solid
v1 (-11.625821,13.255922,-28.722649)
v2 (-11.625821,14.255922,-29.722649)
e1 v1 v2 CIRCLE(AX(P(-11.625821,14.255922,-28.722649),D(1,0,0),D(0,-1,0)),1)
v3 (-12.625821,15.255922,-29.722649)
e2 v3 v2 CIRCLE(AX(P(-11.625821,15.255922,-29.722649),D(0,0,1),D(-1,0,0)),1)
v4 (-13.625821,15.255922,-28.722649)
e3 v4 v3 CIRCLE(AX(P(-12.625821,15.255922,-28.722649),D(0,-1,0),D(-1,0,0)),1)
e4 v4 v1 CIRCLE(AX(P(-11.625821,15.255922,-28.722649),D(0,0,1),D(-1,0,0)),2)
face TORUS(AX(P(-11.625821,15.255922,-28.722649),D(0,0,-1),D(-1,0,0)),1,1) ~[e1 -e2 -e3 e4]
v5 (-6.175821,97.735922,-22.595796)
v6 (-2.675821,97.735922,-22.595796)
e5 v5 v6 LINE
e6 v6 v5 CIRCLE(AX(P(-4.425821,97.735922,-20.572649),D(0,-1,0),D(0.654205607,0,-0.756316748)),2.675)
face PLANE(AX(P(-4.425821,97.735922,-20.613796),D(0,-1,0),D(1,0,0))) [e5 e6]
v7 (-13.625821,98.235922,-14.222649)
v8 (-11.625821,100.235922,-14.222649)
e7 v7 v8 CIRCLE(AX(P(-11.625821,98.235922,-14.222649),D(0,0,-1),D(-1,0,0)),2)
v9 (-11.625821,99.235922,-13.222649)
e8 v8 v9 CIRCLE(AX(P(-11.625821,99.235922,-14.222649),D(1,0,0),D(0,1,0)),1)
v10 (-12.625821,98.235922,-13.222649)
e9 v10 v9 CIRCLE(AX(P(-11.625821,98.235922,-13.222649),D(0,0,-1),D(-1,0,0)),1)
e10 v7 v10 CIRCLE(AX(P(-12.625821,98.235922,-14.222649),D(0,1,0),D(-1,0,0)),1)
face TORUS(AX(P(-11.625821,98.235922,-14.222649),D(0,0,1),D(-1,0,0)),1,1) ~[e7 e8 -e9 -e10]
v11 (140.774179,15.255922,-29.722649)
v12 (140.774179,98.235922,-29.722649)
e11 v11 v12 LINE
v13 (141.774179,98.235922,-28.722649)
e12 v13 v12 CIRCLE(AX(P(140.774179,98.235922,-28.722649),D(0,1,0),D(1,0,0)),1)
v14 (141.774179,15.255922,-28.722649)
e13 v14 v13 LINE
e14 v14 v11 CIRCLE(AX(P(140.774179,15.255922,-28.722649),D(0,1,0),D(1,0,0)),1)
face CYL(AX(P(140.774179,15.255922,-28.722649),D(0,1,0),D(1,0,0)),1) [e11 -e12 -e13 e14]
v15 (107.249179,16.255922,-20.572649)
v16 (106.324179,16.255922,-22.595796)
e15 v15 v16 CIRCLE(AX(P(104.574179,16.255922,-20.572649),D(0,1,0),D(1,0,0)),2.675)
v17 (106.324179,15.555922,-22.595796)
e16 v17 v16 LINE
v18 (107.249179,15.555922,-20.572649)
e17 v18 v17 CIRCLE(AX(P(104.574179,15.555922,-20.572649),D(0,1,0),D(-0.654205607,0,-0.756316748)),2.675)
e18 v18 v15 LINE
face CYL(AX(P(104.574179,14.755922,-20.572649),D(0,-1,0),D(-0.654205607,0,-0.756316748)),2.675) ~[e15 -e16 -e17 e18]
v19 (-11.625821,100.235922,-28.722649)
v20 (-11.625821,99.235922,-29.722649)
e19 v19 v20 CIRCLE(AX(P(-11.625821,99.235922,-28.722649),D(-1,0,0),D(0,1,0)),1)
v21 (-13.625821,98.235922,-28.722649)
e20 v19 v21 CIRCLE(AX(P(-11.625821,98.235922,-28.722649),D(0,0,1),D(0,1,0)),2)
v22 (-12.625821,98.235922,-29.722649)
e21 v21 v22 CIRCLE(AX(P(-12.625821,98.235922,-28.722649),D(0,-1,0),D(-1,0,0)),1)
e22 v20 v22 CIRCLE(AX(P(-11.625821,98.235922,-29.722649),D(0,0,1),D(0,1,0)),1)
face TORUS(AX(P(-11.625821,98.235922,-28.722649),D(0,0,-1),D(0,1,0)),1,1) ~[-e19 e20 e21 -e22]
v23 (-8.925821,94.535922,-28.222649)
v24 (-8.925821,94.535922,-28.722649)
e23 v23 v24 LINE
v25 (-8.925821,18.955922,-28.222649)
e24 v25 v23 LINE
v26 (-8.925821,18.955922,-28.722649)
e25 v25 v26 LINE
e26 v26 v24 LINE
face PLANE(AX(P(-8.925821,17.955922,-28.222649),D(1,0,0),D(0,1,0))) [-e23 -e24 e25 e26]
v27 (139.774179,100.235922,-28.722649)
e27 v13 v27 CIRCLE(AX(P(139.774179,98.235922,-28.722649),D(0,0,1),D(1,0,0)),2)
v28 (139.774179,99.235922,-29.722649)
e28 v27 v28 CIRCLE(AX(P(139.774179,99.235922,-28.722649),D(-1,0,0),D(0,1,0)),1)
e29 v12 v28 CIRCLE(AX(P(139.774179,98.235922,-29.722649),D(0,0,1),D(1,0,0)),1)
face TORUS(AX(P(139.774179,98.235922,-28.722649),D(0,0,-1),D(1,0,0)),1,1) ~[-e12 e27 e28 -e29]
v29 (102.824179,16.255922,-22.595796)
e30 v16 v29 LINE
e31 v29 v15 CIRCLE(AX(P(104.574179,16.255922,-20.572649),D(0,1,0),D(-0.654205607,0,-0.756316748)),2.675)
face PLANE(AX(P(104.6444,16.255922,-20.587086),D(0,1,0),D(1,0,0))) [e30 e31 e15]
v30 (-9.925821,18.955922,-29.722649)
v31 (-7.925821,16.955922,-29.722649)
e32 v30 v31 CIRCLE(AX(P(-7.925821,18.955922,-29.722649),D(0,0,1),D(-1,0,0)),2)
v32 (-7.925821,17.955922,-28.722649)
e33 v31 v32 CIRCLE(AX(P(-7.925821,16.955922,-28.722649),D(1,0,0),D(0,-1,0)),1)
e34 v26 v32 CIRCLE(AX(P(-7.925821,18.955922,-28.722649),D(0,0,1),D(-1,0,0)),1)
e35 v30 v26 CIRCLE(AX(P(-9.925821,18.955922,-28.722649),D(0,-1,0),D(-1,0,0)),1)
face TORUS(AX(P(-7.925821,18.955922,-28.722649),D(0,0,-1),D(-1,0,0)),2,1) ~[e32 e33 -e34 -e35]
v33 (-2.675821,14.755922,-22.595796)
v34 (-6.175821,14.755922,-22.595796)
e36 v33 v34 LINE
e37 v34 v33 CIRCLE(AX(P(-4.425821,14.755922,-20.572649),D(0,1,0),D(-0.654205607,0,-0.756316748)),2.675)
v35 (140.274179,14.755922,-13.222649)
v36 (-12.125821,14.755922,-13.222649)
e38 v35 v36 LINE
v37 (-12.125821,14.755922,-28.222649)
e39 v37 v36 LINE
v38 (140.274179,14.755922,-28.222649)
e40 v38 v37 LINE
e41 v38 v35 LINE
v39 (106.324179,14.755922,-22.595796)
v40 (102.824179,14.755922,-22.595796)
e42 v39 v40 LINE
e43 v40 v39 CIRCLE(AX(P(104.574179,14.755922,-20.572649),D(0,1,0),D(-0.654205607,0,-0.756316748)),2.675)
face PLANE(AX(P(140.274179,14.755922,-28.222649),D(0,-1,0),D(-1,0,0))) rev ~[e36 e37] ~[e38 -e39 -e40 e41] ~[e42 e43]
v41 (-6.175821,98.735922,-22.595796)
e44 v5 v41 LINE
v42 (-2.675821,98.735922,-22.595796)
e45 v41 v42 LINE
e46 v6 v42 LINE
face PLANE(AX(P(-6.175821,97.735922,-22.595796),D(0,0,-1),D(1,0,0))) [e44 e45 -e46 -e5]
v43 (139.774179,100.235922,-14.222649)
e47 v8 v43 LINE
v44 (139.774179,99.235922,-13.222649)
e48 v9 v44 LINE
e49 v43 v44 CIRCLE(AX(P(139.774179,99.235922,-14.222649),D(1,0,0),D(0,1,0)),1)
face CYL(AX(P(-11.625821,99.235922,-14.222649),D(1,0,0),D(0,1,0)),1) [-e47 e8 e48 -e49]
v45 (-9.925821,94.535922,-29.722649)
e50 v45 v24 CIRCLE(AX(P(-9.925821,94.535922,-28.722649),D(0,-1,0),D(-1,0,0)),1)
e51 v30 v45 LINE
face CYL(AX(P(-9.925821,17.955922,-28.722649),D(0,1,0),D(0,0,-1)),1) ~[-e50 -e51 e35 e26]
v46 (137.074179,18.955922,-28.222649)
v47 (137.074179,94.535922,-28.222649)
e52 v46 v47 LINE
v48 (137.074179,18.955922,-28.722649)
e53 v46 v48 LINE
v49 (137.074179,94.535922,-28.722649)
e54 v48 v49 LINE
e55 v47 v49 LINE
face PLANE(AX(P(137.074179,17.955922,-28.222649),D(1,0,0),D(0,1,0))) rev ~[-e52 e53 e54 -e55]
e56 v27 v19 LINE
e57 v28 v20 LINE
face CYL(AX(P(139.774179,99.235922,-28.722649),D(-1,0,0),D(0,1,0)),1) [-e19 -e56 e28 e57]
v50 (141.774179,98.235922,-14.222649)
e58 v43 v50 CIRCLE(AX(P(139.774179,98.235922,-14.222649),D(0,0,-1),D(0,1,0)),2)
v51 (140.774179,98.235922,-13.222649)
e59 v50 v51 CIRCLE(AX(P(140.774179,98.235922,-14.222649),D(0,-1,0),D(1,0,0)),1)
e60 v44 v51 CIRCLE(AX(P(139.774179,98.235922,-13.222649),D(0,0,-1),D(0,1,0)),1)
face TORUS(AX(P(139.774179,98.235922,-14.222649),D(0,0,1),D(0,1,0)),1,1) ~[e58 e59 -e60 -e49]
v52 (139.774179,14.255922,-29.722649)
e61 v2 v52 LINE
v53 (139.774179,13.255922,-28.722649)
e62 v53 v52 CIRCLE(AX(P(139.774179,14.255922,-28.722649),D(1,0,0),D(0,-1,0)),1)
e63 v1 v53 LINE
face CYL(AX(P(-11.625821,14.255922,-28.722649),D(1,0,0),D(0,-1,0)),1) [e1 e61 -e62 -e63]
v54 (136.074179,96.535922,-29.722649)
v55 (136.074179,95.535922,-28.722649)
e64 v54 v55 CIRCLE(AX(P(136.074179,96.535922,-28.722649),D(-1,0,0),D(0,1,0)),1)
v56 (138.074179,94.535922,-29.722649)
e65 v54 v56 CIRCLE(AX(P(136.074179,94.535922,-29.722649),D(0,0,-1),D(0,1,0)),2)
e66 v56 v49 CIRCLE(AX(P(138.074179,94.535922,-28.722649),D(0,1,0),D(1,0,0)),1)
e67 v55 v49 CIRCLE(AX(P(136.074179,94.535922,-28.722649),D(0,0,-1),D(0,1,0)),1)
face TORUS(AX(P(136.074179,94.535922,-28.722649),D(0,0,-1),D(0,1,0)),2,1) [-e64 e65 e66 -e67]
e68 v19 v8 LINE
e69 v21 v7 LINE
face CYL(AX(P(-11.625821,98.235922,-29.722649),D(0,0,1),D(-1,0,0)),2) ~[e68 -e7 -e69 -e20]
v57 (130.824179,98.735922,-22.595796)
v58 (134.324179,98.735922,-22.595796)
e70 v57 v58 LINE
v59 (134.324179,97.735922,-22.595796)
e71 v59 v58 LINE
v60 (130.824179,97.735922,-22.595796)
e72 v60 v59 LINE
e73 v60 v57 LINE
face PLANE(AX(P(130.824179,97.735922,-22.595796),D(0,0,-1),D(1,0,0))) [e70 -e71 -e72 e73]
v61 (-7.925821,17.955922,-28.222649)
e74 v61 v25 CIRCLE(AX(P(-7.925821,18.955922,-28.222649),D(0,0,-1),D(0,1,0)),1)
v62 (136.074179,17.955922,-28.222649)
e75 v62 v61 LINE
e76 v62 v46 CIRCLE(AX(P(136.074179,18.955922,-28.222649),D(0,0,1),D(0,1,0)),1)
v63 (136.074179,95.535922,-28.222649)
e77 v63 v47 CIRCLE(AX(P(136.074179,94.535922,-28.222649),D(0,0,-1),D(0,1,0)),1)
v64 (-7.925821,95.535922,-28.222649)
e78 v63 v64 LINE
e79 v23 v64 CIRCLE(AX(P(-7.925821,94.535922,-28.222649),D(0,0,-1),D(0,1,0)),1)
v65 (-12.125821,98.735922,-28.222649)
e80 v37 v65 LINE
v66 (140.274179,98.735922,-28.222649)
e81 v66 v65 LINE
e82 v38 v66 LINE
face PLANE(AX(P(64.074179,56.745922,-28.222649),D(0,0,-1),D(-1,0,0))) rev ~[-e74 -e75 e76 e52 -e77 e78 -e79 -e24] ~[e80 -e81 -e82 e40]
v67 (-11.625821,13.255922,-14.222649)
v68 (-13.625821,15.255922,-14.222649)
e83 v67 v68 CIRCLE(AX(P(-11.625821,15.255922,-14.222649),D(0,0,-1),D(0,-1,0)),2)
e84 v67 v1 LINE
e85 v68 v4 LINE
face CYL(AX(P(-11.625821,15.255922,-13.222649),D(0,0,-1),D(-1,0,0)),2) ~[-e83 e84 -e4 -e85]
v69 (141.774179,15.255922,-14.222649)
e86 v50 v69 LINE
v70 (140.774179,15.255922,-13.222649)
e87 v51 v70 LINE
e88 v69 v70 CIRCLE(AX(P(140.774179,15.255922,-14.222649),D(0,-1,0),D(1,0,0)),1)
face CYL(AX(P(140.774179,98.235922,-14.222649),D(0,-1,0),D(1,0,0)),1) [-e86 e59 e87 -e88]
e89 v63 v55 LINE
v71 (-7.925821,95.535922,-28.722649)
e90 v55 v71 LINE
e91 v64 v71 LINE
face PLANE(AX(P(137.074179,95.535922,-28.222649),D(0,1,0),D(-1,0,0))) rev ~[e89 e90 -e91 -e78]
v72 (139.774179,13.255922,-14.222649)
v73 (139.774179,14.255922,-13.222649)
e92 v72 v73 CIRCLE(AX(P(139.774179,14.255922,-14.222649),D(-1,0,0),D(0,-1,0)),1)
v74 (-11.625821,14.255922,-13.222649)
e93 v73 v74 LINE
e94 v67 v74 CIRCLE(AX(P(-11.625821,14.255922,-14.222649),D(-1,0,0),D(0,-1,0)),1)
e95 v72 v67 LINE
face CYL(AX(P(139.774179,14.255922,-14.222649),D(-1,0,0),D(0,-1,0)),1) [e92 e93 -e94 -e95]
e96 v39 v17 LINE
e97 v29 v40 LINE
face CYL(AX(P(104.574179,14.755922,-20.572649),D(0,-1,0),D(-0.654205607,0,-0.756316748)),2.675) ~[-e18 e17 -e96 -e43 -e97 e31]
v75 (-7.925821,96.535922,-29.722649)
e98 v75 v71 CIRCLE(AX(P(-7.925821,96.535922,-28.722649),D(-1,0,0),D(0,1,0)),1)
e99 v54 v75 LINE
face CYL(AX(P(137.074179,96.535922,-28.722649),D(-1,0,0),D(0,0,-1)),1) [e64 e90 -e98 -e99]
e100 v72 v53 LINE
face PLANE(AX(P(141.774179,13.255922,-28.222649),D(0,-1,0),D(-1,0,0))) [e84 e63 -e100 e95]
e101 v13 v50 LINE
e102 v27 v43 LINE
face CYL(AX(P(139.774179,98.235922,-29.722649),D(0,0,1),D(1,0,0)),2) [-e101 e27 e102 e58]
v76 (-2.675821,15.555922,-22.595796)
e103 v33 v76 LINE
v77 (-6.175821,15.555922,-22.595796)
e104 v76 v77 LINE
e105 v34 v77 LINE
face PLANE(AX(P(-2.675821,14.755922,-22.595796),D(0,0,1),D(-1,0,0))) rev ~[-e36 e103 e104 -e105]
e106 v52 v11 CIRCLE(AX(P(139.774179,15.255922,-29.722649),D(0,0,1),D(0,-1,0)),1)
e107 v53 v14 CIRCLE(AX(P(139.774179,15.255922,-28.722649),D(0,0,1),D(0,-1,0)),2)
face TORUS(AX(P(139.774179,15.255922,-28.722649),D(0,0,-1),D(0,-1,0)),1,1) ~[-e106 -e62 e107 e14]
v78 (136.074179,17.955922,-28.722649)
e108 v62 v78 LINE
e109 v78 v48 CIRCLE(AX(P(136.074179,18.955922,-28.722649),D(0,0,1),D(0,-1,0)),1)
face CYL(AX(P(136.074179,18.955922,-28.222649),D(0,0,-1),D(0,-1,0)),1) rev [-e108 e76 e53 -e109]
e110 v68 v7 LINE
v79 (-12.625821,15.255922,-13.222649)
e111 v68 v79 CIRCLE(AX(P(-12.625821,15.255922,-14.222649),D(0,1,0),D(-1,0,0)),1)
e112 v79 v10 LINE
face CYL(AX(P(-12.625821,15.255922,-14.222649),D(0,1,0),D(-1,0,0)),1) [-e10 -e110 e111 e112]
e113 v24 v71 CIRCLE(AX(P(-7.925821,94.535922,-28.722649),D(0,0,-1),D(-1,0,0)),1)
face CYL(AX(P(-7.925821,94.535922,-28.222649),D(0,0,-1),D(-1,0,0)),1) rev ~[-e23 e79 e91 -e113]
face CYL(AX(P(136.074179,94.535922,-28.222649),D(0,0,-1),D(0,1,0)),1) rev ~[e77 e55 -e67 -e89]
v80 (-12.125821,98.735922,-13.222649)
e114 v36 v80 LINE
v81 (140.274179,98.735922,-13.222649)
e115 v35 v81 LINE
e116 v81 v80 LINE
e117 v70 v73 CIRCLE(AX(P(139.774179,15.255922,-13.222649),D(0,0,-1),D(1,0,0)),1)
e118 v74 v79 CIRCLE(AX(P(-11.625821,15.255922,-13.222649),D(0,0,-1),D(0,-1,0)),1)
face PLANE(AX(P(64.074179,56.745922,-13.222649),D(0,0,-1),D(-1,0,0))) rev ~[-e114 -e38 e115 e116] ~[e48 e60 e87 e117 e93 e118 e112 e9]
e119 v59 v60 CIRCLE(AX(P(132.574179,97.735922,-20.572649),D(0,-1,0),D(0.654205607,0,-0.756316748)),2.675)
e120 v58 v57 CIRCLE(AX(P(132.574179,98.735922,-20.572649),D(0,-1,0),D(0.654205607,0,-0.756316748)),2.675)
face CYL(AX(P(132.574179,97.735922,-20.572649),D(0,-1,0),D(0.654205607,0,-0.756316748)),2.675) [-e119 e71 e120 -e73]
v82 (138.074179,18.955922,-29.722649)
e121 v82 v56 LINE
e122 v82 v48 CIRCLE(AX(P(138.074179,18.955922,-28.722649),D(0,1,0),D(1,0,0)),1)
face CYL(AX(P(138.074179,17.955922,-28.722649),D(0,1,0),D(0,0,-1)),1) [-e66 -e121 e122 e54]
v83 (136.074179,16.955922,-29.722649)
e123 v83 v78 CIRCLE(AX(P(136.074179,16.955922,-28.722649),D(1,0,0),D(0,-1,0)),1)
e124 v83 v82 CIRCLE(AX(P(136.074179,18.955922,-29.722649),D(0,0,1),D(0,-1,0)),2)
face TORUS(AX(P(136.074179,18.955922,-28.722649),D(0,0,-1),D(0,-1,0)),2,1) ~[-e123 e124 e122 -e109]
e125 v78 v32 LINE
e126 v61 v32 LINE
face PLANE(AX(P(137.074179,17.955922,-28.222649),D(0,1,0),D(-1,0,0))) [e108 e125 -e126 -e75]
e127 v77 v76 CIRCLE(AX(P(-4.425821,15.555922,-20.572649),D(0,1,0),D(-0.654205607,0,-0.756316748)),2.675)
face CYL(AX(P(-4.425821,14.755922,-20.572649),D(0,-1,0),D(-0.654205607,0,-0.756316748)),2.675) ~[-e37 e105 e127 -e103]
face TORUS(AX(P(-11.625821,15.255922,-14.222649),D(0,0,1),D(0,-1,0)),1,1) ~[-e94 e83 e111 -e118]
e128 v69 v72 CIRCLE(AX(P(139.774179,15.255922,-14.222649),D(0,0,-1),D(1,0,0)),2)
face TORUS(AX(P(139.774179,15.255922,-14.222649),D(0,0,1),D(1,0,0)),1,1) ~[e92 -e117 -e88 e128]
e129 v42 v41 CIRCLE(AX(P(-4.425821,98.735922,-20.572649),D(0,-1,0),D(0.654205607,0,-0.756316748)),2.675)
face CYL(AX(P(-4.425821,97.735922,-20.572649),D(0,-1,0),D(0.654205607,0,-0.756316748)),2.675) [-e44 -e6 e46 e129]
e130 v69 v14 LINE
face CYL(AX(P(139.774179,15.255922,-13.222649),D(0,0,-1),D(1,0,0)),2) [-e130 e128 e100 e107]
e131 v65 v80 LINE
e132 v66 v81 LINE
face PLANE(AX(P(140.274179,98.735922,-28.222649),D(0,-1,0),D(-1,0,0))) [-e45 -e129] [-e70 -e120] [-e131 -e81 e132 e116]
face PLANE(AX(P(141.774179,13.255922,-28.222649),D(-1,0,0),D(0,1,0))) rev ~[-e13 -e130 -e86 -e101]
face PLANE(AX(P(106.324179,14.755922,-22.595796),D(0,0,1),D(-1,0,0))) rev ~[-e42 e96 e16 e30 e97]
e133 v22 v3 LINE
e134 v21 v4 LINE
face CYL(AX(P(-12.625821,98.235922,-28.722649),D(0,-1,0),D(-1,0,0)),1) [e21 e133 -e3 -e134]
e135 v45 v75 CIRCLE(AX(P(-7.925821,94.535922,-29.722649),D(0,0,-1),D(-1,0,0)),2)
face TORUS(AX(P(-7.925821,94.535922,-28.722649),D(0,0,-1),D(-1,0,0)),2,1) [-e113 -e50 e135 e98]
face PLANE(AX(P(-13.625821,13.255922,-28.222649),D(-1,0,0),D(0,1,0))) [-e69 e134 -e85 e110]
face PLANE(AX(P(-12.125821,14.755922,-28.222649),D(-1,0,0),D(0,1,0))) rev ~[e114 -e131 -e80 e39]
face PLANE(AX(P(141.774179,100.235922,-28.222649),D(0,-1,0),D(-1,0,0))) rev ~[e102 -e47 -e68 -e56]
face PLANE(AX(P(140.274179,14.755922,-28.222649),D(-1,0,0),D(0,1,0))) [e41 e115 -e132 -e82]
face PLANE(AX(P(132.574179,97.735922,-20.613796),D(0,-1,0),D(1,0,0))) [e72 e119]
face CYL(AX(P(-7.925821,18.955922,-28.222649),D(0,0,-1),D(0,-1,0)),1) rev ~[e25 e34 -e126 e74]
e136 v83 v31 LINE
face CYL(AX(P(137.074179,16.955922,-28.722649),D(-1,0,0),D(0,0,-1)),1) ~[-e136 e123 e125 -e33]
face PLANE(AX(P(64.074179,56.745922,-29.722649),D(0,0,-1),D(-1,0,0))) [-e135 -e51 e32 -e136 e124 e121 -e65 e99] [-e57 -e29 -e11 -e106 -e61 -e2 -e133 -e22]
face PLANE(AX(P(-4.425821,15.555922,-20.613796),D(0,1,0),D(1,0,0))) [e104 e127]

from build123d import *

# Parameters (mm, degrees)
SKETCH1_W           = 155.4
SKETCH1_H           = 86.98
SKETCH1_W_2         = 146
SKETCH1_H_2         = 77.58
BOSS_EXTRUDE2_DEPTH = 1.5
SKETCH1_4_W         = 155.4
SKETCH1_4_H         = 86.98
SKETCH1_4_W_2       = 152.4
SKETCH1_4_H_2       = 83.98
BOSS_EXTRUDE3_DEPTH = 15
FILLET1_R           = 2
FILLET2_R           = 1
FILLET3_R           = 1
BOSS_EXTRUDE4_DEPTH = 0.8
BOSS_EXTRUDE5_START = 1
BOSS_EXTRUDE5_DEPTH = 1
BOSS_EXTRUDE6_DEPTH = 1.5


with BuildPart() as part:
    # Sketch1 → Boss-Extrude2 (new body)
    with BuildSketch(Plane(origin=(0, 0, -28.222648695), x_dir=(-1, 0, 0), z_dir=(0, 0, -1))):
        with Locations((-64.074179317, 56.745922466)):
            Rectangle(SKETCH1_W, SKETCH1_H)
        with Locations((-64.074179317, 56.745922466)):
            Rectangle(SKETCH1_W_2, SKETCH1_H_2, mode=Mode.SUBTRACT)
    extrude(amount=BOSS_EXTRUDE2_DEPTH)

    # Sketch1<4> → Boss-Extrude3 (add)
    with BuildSketch(Plane(origin=(0, 0, -28.222648695), x_dir=(-1, 0, 0), z_dir=(0, 0, -1))):
        with Locations((-64.074179317, 56.745922466)):
            Rectangle(SKETCH1_4_W, SKETCH1_4_H)
        with Locations((-64.074179317, 56.745922466)):
            Rectangle(SKETCH1_4_W_2, SKETCH1_4_H_2, mode=Mode.SUBTRACT)
    extrude(amount=-BOSS_EXTRUDE3_DEPTH)

    # Fillet1
    fillet1_edges = [part.edges().sort_by_distance(p)[0] for p in [
        (141.774179317, 100.235922466, -21.472648695),
        (-13.625820683, 100.235922466, -21.472648695),
        (-13.625820683, 13.255922466, -21.472648695),
        (141.774179317, 13.255922466, -21.472648695),
    ]]
    fillet(fillet1_edges, radius=FILLET1_R)

    # Fillet2
    fillet2_edges = [part.edges().sort_by_distance(p)[0] for p in [
        (-8.925820683, 56.745922466, -29.722648695),
        (64.074179317, 95.535922466, -29.722648695),
        (64.074179317, 17.955922466, -29.722648695),
        (141.188392879, 99.650136028, -29.722648695),
        (64.074179317, 100.235922466, -29.722648695),
        (-13.040034245, 99.650136028, -29.722648695),
        (-13.625820683, 56.745922466, -29.722648695),
        (-13.040034245, 13.841708903, -29.722648695),
        (64.074179317, 13.255922466, -29.722648695),
        (141.188392879, 13.841708903, -29.722648695),
        (141.774179317, 56.745922466, -29.722648695),
        (137.074179317, 56.745922466, -29.722648695),
        (137.074179317, 95.535922466, -28.972648695),
        (137.074179317, 17.955922466, -28.972648695),
        (-8.925820683, 17.955922466, -28.972648695),
        (-8.925820683, 95.535922466, -28.972648695),
    ]]
    fillet(fillet2_edges, radius=FILLET2_R)

    # Fillet3
    fillet3_edges = [part.edges().sort_by_distance(p)[0] for p in [
        (141.188392879, 13.841708903, -13.222648695),
        (141.774179317, 56.745922466, -13.222648695),
        (141.188392879, 99.650136028, -13.222648695),
        (64.074179317, 100.235922466, -13.222648695),
        (-13.040034245, 99.650136028, -13.222648695),
        (-13.625820683, 56.745922466, -13.222648695),
        (-13.040034245, 13.841708903, -13.222648695),
        (64.074179317, 13.255922466, -13.222648695),
    ]]
    fillet(fillet3_edges, radius=FILLET3_R)

    # Sketch2 → Boss-Extrude4 (add)
    with BuildSketch(Plane(origin=(0, 14.755922466, 0), x_dir=(1, 0, 0), z_dir=(0, 1, 0))):
        with BuildLine():
            Line((106.324179317, 22.595795996), (102.824179317, 22.595795996))
            ThreePointArc((102.824179317, 22.595795996), (104.574179317, 17.897648695), (106.324179317, 22.595795996))
        make_face()
        with BuildLine():
            Line((-2.675820683, 22.595795996), (-6.175820683, 22.595795996))
            ThreePointArc((-6.175820683, 22.595795996), (-4.425820683, 17.897648695), (-2.675820683, 22.595795996))
        make_face()
    extrude(amount=BOSS_EXTRUDE4_DEPTH)

    # Sketch4 → Boss-Extrude5 (add)
    with BuildSketch(Plane.XZ.offset(-98.735922466).offset(BOSS_EXTRUDE5_START)):
        with BuildLine():
            ThreePointArc((134.324179317, -22.595795996), (132.574179317, -17.897648695), (130.824179317, -22.595795996))
            Line((130.824179317, -22.595795996), (134.324179317, -22.595795996))
        make_face()
        with BuildLine():
            ThreePointArc((-2.675820683, -22.595795996), (-4.425820683, -17.897648695), (-6.175820683, -22.595795996))
            Line((-6.175820683, -22.595795996), (-2.675820683, -22.595795996))
        make_face()
    extrude(amount=-BOSS_EXTRUDE5_DEPTH)

    # Sketch2<3> → Boss-Extrude6 (add)
    with BuildSketch(Plane(origin=(0, 14.755922466, 0), x_dir=(1, 0, 0), z_dir=(0, 1, 0))):
        with BuildLine():
            Line((106.324179317, 22.595795996), (102.824179317, 22.595795996))
            ThreePointArc((102.824179317, 22.595795996), (103.461890011, 18.139864796), (107.249179317, 20.572648695))
            ThreePointArc((107.249179317, 20.572648695), (107.006963216, 21.684938001), (106.324179317, 22.595795996))
        make_face()
    extrude(amount=BOSS_EXTRUDE6_DEPTH)


solid = part.part
